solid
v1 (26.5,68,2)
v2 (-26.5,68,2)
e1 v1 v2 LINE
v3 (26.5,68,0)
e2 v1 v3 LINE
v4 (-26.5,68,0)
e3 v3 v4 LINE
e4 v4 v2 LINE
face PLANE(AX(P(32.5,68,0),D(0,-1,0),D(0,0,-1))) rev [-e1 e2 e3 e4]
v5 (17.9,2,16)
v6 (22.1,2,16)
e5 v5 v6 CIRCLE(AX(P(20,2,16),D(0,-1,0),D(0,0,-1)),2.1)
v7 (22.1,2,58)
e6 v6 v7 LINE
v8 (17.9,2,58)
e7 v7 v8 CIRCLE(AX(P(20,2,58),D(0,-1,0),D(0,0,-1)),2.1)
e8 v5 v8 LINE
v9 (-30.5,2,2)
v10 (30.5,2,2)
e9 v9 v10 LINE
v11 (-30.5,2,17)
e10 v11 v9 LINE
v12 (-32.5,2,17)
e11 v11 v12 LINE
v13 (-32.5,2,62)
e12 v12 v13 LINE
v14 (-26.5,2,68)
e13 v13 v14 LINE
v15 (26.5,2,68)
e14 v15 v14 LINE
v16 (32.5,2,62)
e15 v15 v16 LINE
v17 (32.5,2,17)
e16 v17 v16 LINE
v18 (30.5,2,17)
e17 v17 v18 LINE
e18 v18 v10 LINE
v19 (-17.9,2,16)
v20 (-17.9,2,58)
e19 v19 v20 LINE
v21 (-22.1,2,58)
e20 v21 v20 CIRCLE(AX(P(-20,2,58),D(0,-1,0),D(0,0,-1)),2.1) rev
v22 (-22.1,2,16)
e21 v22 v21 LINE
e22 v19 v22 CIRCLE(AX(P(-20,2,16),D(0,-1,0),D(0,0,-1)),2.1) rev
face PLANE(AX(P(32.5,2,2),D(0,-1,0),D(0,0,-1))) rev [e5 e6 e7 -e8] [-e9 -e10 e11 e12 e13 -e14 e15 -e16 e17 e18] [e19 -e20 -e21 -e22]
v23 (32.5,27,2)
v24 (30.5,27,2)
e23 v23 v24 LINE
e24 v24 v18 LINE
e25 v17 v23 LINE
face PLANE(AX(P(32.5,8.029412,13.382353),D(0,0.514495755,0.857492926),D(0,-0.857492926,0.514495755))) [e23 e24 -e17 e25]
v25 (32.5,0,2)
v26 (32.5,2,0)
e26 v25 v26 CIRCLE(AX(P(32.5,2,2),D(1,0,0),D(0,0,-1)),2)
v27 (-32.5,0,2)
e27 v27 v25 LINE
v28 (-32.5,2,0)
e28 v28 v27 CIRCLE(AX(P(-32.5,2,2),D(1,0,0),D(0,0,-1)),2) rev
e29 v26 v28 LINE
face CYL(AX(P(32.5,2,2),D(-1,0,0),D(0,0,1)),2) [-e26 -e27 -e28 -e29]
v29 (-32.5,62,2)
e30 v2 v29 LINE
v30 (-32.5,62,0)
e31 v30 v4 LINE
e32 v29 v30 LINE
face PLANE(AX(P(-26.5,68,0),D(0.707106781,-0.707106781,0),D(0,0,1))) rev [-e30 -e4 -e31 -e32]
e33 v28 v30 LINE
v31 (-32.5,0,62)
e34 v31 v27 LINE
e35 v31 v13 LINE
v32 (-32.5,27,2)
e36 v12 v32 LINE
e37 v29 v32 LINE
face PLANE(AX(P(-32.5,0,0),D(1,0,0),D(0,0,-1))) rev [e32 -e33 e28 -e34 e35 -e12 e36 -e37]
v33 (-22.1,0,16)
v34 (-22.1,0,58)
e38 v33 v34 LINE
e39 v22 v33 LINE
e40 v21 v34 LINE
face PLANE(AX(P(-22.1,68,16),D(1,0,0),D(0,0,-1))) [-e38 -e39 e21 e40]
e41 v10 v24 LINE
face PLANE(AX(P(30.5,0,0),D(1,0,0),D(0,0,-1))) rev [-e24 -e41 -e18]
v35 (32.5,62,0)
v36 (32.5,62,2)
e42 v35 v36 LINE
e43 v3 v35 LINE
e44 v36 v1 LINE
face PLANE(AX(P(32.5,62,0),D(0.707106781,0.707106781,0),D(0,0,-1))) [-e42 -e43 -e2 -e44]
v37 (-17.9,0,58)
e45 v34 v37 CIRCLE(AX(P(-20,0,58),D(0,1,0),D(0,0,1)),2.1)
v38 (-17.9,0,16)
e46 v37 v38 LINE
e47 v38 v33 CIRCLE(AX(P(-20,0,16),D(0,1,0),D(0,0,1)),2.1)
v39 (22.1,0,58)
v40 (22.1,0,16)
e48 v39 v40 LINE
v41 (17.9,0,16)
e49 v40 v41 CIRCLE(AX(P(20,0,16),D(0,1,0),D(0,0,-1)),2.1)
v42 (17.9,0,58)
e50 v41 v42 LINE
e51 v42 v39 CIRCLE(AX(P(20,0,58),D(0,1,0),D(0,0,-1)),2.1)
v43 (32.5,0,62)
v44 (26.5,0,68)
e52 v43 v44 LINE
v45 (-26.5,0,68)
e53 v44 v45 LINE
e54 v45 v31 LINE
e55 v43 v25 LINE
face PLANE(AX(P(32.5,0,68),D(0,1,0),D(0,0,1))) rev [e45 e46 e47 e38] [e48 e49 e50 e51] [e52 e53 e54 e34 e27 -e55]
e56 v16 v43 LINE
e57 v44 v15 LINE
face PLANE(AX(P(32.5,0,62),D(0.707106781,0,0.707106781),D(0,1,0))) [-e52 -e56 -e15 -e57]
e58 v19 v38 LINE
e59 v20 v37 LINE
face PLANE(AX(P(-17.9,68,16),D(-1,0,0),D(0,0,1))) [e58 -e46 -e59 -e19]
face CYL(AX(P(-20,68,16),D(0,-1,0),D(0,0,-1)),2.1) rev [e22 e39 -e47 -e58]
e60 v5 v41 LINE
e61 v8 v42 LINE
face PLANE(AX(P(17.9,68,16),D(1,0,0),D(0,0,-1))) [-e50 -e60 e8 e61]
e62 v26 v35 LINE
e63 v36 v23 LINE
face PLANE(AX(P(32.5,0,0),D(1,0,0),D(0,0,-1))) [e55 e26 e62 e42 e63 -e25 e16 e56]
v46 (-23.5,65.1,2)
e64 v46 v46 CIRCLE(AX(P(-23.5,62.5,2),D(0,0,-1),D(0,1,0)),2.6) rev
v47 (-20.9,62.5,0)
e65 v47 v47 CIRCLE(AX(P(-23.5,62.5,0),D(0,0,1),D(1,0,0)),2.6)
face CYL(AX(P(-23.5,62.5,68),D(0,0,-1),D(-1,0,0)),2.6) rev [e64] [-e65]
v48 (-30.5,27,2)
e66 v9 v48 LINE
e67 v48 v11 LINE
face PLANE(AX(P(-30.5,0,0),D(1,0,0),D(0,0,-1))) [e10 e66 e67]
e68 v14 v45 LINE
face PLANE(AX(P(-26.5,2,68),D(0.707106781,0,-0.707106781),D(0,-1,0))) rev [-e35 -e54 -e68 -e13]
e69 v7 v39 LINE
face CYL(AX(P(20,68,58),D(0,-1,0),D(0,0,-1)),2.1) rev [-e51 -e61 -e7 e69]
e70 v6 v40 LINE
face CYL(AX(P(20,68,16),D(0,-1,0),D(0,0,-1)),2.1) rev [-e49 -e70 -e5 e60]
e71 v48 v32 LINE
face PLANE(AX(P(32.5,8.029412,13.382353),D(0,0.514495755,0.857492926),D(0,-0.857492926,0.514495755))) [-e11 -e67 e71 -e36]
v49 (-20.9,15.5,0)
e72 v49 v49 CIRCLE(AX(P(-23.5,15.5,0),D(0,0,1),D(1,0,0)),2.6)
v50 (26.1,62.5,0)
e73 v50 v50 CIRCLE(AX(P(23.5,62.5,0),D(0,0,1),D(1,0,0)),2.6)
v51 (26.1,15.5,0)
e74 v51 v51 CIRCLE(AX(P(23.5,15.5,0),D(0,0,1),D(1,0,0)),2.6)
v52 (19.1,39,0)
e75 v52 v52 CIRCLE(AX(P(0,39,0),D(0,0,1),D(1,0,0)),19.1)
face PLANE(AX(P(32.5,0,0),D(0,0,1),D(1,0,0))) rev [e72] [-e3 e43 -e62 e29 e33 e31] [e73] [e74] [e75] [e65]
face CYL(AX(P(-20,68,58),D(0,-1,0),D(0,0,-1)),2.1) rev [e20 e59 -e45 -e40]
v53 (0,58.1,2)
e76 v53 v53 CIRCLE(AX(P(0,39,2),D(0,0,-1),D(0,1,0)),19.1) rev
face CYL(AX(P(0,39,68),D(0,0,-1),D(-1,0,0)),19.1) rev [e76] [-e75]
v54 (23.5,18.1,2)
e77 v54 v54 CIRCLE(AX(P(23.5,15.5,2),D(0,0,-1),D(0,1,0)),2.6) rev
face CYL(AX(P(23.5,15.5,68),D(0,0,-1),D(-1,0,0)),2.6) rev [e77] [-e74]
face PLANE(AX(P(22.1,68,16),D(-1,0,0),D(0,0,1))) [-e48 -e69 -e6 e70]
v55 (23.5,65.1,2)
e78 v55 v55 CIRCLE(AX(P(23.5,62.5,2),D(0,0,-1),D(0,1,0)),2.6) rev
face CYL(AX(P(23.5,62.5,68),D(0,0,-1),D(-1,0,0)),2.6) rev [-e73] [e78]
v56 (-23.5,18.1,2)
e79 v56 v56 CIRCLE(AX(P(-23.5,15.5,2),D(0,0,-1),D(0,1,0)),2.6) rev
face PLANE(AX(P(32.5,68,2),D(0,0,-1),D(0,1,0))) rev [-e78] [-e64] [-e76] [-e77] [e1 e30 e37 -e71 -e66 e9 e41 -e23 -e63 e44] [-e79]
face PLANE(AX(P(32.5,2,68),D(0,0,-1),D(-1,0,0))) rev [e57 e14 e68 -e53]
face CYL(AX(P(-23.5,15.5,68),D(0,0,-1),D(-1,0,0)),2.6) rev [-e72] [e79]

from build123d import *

# Parameters (mm, degrees)
EXTRUDE_1_DEPTH      = 32.5
CUT_EXTRUDE_3_DEPTH  = 30.5
EXTRUDE_2_DEPTH      = 68
CUT_EXTRUDE_8_DEPTH  = 69
SKETCH_11_R          = 19.1
SKETCH_11_R_2        = 2.6
CUT_EXTRUDE_10_DEPTH = 69
CHAMFER_1_SIZE       = 6
CHAMFER_2_SIZE       = 6
CHAMFER_3_SIZE       = 6
CHAMFER_4_SIZE       = 6
FILLET_1_R           = 2


with BuildPart() as part:
    # 草图1 → 凸台-拉伸1 (new body, symmetric)
    with BuildSketch(Plane(origin=(0, 0, 0), x_dir=(0, 0, -1), z_dir=(1, 0, 0))):
        Polygon((-68, 0), (0, 0), (0, 68), (-2, 68), (-2, 27), (-17, 2), (-68, 2), align=None)
    extrude(amount=EXTRUDE_1_DEPTH, both=True)

    # 草图6 → 切除-拉伸3 (cut, symmetric)
    with BuildSketch(Plane(origin=(0, 0, 0), x_dir=(0, 0, -1), z_dir=(1, 0, 0))):
        Polygon((-17, 2), (-2, 27), (-2, 2), align=None)
    extrude(amount=CUT_EXTRUDE_3_DEPTH, both=True, mode=Mode.SUBTRACT)

    # 草图7 → 凸台-拉伸2 (add, through all)
    with BuildSketch(Plane(origin=(0, 0, 0), x_dir=(1, 0, 0), z_dir=(0, 1, 0))):
        with BuildLine():
            Line((-17.9, -16), (-17.9, -58))
            ThreePointArc((-17.9, -58), (-20, -60.1), (-22.1, -58))
            Line((-22.1, -58), (-22.1, -16))
            ThreePointArc((-22.1, -16), (-20, -13.9), (-17.9, -16))
        make_face()
        with BuildLine():
            Line((17.9, -16), (17.9, -58))
            ThreePointArc((17.9, -58), (20, -60.1), (22.1, -58))
            Line((22.1, -58), (22.1, -16))
            ThreePointArc((22.1, -16), (20, -13.9), (17.9, -16))
        make_face()
    extrude(amount=EXTRUDE_2_DEPTH)

    # 草图10 → 切除-拉伸8 (cut, through all)
    with BuildSketch(Plane(origin=(0, 0, 0), x_dir=(1, 0, 0), z_dir=(0, 1, 0))):
        with BuildLine():
            Line((-17.9, -16), (-17.9, -58))
            ThreePointArc((-17.9, -58), (-20, -60.1), (-22.1, -58))
            Line((-22.1, -58), (-22.1, -16))
            ThreePointArc((-22.1, -16), (-20, -13.9), (-17.9, -16))
        make_face()
        with BuildLine():
            Line((17.9, -16), (17.9, -58))
            ThreePointArc((17.9, -58), (20, -60.1), (22.1, -58))
            Line((22.1, -58), (22.1, -16))
            ThreePointArc((22.1, -16), (20, -13.9), (17.9, -16))
        make_face()
    extrude(amount=CUT_EXTRUDE_8_DEPTH, mode=Mode.SUBTRACT)

    # 草图11 → 切除-拉伸10 (cut, through all)
    with BuildSketch(Plane.XY):
        with Locations((0, 39)):
            Circle(SKETCH_11_R)
        with Locations((-23.5, 62.5)):
            Circle(SKETCH_11_R_2)
        with Locations((23.5, 62.5)):
            Circle(SKETCH_11_R_2)
        with Locations((23.5, 15.5)):
            Circle(SKETCH_11_R_2)
        with Locations((-23.5, 15.5)):
            Circle(SKETCH_11_R_2)
    extrude(amount=CUT_EXTRUDE_10_DEPTH, mode=Mode.SUBTRACT)

    # 倒角1
    chamfer_1_edges = [part.edges().sort_by_distance(p)[0] for p in [
        (-32.5, 68, 1),
    ]]
    chamfer(chamfer_1_edges, length=CHAMFER_1_SIZE)

    # 倒角2
    chamfer_2_edges = [part.edges().sort_by_distance(p)[0] for p in [
        (32.5, 68, 1),
    ]]
    chamfer(chamfer_2_edges, length=CHAMFER_2_SIZE)

    # 倒角3
    chamfer_3_edges = [part.edges().sort_by_distance(p)[0] for p in [
        (-32.5, 1, 68),
    ]]
    chamfer(chamfer_3_edges, length=CHAMFER_3_SIZE)

    # 倒角4
    chamfer_4_edges = [part.edges().sort_by_distance(p)[0] for p in [
        (32.5, 1, 68),
    ]]
    chamfer(chamfer_4_edges, length=CHAMFER_4_SIZE)

    # 圆角1
    fillet_1_edges = [part.edges().sort_by_distance(p)[0] for p in [
        (0, 0, 0),
    ]]
    fillet(fillet_1_edges, radius=FILLET_1_R)


solid = part.part
